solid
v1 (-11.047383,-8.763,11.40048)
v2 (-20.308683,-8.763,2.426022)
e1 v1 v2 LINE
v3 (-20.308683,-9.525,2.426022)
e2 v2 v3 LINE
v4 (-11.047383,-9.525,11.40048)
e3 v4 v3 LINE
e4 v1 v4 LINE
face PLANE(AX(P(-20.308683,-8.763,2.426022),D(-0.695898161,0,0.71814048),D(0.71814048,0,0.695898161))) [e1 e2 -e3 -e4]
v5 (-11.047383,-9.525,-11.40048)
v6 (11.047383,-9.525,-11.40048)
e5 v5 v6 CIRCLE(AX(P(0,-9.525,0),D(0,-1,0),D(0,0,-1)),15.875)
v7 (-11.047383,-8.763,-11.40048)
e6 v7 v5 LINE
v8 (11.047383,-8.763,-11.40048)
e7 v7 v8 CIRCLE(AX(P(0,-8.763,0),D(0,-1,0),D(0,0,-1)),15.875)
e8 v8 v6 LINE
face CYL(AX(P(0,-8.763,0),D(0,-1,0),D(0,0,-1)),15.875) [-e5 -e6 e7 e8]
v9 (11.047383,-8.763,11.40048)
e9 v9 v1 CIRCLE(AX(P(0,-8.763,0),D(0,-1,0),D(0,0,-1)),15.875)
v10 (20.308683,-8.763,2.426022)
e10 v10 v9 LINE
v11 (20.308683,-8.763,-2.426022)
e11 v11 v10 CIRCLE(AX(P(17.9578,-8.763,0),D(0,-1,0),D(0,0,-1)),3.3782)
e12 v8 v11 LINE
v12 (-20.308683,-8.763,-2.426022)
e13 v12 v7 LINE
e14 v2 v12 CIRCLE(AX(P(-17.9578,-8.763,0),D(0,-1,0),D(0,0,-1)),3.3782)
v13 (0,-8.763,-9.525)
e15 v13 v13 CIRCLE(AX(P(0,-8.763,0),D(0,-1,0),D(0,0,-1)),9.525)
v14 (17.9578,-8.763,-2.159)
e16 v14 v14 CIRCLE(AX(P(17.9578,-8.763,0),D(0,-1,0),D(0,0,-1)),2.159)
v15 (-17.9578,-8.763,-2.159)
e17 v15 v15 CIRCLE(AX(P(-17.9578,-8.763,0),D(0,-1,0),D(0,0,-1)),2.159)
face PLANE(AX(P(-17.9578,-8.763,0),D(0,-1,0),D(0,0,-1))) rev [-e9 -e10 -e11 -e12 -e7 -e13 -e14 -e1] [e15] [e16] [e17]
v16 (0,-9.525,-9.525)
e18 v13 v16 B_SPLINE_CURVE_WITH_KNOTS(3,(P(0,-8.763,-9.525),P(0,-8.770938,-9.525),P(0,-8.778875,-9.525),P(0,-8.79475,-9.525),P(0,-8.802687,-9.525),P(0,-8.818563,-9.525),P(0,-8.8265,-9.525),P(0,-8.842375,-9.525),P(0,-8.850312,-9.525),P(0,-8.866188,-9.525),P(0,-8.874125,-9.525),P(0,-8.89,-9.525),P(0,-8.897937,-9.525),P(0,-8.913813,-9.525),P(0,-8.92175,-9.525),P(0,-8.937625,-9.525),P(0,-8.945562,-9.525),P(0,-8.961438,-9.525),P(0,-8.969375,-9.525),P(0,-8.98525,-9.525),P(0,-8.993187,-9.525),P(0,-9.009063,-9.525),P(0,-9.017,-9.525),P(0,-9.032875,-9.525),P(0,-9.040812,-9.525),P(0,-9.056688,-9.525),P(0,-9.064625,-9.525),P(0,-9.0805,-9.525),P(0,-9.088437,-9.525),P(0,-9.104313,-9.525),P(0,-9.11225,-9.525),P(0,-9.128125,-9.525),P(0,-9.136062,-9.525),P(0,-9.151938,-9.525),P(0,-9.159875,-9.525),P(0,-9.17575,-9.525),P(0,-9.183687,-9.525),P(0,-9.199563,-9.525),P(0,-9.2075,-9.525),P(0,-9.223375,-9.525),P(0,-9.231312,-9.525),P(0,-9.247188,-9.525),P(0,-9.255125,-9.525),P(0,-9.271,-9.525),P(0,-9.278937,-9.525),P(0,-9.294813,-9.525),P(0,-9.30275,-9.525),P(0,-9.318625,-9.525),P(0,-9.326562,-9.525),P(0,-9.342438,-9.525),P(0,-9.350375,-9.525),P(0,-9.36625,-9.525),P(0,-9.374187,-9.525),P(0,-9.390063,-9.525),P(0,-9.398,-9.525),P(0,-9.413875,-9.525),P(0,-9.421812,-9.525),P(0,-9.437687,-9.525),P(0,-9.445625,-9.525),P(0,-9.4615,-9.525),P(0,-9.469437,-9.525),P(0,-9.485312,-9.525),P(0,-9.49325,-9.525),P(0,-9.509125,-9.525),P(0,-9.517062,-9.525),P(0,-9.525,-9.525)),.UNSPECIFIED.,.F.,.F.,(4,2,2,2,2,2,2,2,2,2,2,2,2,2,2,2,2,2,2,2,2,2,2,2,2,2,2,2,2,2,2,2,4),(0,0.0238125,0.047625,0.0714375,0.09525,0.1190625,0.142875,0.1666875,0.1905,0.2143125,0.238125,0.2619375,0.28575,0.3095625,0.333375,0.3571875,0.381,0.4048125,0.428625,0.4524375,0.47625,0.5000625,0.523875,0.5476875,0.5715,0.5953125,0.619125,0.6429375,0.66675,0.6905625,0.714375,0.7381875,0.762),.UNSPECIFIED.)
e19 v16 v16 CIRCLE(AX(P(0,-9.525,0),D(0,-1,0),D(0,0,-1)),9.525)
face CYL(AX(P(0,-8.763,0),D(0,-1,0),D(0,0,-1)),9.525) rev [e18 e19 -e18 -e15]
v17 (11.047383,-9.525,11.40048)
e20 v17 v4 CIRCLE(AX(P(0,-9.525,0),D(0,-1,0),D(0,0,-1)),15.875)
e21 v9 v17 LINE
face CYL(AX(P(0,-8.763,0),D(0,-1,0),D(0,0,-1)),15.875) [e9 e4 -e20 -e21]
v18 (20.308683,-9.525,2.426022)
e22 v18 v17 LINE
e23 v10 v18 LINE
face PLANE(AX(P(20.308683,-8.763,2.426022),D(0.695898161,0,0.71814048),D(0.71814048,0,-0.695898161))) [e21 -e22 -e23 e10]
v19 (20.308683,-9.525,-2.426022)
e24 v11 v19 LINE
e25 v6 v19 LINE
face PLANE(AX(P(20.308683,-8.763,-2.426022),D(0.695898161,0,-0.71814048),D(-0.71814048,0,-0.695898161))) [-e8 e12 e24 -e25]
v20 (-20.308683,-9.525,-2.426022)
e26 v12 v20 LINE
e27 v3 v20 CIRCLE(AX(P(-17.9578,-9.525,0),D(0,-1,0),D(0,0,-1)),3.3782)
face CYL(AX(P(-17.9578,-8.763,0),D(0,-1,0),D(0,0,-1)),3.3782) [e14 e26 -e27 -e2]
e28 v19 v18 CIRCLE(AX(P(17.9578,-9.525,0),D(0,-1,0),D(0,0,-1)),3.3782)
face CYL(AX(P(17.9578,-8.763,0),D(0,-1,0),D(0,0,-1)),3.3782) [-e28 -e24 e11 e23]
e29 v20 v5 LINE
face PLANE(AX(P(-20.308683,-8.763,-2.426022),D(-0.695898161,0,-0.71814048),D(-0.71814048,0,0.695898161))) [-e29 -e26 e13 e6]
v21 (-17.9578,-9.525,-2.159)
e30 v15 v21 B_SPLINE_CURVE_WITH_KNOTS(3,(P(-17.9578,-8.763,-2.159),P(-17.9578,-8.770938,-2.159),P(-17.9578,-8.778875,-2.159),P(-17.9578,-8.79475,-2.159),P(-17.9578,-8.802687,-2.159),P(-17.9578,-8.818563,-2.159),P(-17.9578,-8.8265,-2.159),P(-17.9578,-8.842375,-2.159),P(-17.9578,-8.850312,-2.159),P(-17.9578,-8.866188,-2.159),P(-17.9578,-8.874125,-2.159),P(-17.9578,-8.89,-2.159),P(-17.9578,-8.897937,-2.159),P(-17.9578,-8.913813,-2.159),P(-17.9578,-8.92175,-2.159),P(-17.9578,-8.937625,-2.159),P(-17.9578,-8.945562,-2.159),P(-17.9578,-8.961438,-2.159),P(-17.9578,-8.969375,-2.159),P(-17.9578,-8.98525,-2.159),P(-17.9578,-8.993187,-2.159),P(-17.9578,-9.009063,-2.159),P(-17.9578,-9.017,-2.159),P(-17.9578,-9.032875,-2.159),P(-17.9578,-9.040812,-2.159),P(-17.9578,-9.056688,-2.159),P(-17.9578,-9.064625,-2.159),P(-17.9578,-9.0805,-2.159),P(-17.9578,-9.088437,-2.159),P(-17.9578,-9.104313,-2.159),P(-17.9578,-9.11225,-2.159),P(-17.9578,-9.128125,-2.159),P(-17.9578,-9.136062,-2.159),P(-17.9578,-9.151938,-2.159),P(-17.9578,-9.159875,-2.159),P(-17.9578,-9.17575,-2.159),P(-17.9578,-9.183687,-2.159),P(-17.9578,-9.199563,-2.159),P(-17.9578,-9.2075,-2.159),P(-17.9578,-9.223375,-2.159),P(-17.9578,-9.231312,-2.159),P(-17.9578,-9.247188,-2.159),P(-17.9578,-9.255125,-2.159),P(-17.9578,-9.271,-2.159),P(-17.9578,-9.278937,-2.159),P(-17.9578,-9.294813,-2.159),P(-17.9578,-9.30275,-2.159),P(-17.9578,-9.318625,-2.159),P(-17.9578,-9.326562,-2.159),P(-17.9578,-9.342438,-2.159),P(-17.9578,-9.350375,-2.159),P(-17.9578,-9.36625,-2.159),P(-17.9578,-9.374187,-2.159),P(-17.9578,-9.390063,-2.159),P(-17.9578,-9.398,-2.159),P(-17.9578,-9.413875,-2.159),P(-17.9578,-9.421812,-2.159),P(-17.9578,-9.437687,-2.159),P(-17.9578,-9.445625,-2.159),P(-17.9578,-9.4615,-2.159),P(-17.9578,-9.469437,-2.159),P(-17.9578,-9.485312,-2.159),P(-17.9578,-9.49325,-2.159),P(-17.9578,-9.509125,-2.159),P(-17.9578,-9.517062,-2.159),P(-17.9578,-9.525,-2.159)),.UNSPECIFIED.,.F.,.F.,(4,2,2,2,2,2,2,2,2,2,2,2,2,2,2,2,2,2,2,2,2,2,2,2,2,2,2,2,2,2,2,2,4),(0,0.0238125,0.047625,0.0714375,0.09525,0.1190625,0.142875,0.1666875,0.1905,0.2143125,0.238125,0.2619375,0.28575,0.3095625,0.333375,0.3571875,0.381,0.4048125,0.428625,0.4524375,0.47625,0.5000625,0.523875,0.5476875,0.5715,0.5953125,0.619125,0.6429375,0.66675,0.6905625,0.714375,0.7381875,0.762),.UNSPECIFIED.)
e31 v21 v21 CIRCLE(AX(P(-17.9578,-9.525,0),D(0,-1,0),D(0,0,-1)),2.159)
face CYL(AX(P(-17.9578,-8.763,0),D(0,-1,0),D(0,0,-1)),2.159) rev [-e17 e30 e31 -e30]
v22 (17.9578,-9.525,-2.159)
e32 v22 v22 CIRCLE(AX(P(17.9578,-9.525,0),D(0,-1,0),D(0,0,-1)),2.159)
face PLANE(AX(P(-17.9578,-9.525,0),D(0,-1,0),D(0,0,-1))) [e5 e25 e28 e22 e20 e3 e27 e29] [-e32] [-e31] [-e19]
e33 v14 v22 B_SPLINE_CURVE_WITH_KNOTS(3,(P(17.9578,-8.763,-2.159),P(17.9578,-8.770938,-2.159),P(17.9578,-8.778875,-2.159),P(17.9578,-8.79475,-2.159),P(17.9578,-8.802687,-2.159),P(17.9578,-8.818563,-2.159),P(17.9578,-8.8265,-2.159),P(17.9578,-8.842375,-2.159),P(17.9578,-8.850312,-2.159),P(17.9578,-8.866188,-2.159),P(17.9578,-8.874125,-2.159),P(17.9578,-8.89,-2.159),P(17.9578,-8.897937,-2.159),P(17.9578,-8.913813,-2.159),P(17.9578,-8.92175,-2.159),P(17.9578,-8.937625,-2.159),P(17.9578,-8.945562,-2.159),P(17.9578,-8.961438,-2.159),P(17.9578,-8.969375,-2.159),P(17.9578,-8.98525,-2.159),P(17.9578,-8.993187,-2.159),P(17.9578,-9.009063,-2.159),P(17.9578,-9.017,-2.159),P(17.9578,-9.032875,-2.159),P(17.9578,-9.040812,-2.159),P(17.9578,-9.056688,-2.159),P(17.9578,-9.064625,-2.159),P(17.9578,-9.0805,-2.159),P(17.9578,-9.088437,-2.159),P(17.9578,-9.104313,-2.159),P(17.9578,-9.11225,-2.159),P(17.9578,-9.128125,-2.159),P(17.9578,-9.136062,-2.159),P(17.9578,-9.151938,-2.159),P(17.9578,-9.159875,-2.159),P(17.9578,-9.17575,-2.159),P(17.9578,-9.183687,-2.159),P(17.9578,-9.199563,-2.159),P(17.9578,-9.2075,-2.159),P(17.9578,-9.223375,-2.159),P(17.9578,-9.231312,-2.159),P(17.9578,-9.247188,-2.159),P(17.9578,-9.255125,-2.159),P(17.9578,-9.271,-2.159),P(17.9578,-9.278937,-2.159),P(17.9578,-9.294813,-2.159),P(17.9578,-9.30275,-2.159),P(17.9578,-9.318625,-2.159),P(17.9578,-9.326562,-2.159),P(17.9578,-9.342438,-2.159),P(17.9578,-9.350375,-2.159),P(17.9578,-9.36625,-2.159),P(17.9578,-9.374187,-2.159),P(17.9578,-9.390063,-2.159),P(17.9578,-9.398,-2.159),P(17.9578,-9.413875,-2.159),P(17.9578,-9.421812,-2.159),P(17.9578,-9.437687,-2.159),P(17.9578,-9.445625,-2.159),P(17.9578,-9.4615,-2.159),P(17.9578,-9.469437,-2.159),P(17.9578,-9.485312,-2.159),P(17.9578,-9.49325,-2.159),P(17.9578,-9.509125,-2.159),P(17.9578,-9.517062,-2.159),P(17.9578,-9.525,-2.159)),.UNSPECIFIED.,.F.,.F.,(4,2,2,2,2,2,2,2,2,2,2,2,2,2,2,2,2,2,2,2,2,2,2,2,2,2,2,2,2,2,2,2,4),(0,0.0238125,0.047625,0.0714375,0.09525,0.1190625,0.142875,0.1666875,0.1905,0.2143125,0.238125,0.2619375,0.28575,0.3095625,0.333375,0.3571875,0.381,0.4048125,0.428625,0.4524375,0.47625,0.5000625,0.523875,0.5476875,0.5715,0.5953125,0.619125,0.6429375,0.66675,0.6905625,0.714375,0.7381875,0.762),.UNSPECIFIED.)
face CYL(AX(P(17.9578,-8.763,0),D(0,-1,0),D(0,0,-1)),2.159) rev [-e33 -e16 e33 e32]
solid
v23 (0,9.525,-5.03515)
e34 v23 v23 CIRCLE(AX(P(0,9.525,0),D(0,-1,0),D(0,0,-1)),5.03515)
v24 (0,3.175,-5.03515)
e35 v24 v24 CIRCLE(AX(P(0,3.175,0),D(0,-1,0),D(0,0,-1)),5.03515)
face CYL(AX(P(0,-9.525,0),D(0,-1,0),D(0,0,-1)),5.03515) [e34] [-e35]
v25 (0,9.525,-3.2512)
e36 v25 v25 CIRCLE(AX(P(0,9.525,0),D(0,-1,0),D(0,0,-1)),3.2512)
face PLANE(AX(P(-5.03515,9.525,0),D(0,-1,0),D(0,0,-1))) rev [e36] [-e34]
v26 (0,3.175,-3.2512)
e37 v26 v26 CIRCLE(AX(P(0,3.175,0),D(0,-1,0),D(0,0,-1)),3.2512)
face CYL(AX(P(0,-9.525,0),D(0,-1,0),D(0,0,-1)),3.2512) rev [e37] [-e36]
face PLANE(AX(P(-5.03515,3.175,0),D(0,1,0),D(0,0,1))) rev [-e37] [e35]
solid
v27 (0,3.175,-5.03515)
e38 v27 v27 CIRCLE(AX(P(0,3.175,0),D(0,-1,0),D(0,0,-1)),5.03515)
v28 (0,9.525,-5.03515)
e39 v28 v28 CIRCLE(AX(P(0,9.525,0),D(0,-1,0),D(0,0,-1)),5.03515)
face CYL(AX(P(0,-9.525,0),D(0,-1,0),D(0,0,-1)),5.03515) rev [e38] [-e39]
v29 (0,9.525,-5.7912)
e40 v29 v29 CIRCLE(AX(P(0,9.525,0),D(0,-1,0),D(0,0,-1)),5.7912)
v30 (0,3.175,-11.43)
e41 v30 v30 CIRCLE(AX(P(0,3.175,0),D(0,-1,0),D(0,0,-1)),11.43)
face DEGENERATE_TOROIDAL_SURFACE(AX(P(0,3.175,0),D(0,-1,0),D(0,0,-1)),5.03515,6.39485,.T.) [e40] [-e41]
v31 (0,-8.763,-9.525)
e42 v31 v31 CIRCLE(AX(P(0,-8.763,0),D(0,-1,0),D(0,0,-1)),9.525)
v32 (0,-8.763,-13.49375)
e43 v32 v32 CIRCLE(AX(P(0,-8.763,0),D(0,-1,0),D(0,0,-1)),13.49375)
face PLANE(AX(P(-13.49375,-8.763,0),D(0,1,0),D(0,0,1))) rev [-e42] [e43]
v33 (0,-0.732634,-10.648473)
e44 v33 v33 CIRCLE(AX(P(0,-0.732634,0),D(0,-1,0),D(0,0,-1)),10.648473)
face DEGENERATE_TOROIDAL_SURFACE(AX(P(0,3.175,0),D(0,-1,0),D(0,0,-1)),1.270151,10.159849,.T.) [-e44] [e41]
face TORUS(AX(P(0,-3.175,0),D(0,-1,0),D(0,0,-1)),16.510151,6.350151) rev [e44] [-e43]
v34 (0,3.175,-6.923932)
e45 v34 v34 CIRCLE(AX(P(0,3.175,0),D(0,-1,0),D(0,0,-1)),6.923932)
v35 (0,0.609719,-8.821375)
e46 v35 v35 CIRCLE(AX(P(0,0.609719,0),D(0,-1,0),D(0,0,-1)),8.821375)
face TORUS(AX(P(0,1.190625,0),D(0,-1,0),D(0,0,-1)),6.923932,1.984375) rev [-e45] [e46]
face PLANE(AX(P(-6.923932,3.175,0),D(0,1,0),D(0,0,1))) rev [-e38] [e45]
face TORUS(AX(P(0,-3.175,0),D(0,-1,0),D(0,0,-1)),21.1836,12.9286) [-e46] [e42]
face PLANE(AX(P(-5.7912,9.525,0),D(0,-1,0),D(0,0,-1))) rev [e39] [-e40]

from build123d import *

# Parameters (mm, degrees)
SKETCH3_W           = 1.78394955
SKETCH3_H           = 6.35
BOSS_EXTRUDE1_START = 9.525
SKETCH4_R           = 2.159
SKETCH4_R_2         = 9.525
BOSS_EXTRUDE1_DEPTH = 0.762


with BuildPart() as part:
    # Sketch2 → Revolve1 (revolve)
    with BuildSketch(Plane.XY, mode=Mode.PRIVATE) as revolve1_sk:
        with BuildLine():
            Line((-13.49375, -8.763), (-9.525, -8.763))
            ThreePointArc((-9.525, -8.763), (-8.291277851, -4.142846868), (-8.82137527, 0.60971897))
            ThreePointArc((-8.82137527, 0.60971897), (-8.519312402, 2.370669223), (-6.923931641, 3.175))
            Line((-6.923931641, 3.175), (-5.03514955, 3.175))
            Line((-5.03514955, 3.175), (-5.03514955, 9.525))
            Line((-5.03514955, 9.525), (-5.7912, 9.525))
            ThreePointArc((-5.7912, 9.525), (-9.816830313, 7.421132518), (-11.43, 3.175))
            ThreePointArc((-11.43, 3.175), (-11.232702601, 1.182489718), (-10.648473168, -0.732634158))
            ThreePointArc((-10.648473168, -0.732634158), (-10.524604723, -5.295767226), (-13.49375, -8.763))
        make_face()
    revolve(revolve1_sk.sketch.rotate(Axis((0, -9.525, 0), (0, 1, 0)), 270), axis=Axis((0, -9.525, 0), (0, 1, 0)))


with BuildPart() as body_2:
    # Sketch3 → Revolve2 (revolve)
    with BuildSketch(Plane.XY, mode=Mode.PRIVATE) as revolve2_sk:
        with Locations((-4.143174775, 6.35)):
            Rectangle(SKETCH3_W, SKETCH3_H)
    revolve(revolve2_sk.sketch.rotate(Axis((0, -9.525, 0), (0, 1, 0)), 270), axis=Axis((0, -9.525, 0), (0, 1, 0)))


with BuildPart() as body_3:
    # Sketch4 → Boss-Extrude1 (new body)
    with BuildSketch(Plane.XZ.offset(BOSS_EXTRUDE1_START)):
        with BuildLine():
            Line((-20.308683168, -2.42602217), (-11.04738331, -11.400480122))
            ThreePointArc((-11.04738331, -11.400480122), (0, -15.875), (11.04738331, -11.400480122))
            Line((11.04738331, -11.400480122), (20.308683168, -2.42602217))
            ThreePointArc((20.308683168, -2.42602217), (21.336, 0), (20.308683168, 2.42602217))
            Line((20.308683168, 2.42602217), (11.04738331, 11.400480122))
            ThreePointArc((11.04738331, 11.400480122), (0, 15.875), (-11.04738331, 11.400480122))
            Line((-11.04738331, 11.400480122), (-20.308683168, 2.42602217))
            ThreePointArc((-20.308683168, 2.42602217), (-21.336, 0), (-20.308683168, -2.42602217))
        make_face()
        with Locations(Location((-17.9578, 0, 0), (0, 0, 270))):
            Circle(SKETCH4_R, mode=Mode.SUBTRACT)
        with Locations(Location((17.9578, 0, 0), (0, 0, 270))):
            Circle(SKETCH4_R, mode=Mode.SUBTRACT)
        with Locations(Location((0, 0, 0), (0, 0, 270))):
            Circle(SKETCH4_R_2, mode=Mode.SUBTRACT)
    extrude(amount=-BOSS_EXTRUDE1_DEPTH)


solid = Compound([part.part, body_2.part, body_3.part])
